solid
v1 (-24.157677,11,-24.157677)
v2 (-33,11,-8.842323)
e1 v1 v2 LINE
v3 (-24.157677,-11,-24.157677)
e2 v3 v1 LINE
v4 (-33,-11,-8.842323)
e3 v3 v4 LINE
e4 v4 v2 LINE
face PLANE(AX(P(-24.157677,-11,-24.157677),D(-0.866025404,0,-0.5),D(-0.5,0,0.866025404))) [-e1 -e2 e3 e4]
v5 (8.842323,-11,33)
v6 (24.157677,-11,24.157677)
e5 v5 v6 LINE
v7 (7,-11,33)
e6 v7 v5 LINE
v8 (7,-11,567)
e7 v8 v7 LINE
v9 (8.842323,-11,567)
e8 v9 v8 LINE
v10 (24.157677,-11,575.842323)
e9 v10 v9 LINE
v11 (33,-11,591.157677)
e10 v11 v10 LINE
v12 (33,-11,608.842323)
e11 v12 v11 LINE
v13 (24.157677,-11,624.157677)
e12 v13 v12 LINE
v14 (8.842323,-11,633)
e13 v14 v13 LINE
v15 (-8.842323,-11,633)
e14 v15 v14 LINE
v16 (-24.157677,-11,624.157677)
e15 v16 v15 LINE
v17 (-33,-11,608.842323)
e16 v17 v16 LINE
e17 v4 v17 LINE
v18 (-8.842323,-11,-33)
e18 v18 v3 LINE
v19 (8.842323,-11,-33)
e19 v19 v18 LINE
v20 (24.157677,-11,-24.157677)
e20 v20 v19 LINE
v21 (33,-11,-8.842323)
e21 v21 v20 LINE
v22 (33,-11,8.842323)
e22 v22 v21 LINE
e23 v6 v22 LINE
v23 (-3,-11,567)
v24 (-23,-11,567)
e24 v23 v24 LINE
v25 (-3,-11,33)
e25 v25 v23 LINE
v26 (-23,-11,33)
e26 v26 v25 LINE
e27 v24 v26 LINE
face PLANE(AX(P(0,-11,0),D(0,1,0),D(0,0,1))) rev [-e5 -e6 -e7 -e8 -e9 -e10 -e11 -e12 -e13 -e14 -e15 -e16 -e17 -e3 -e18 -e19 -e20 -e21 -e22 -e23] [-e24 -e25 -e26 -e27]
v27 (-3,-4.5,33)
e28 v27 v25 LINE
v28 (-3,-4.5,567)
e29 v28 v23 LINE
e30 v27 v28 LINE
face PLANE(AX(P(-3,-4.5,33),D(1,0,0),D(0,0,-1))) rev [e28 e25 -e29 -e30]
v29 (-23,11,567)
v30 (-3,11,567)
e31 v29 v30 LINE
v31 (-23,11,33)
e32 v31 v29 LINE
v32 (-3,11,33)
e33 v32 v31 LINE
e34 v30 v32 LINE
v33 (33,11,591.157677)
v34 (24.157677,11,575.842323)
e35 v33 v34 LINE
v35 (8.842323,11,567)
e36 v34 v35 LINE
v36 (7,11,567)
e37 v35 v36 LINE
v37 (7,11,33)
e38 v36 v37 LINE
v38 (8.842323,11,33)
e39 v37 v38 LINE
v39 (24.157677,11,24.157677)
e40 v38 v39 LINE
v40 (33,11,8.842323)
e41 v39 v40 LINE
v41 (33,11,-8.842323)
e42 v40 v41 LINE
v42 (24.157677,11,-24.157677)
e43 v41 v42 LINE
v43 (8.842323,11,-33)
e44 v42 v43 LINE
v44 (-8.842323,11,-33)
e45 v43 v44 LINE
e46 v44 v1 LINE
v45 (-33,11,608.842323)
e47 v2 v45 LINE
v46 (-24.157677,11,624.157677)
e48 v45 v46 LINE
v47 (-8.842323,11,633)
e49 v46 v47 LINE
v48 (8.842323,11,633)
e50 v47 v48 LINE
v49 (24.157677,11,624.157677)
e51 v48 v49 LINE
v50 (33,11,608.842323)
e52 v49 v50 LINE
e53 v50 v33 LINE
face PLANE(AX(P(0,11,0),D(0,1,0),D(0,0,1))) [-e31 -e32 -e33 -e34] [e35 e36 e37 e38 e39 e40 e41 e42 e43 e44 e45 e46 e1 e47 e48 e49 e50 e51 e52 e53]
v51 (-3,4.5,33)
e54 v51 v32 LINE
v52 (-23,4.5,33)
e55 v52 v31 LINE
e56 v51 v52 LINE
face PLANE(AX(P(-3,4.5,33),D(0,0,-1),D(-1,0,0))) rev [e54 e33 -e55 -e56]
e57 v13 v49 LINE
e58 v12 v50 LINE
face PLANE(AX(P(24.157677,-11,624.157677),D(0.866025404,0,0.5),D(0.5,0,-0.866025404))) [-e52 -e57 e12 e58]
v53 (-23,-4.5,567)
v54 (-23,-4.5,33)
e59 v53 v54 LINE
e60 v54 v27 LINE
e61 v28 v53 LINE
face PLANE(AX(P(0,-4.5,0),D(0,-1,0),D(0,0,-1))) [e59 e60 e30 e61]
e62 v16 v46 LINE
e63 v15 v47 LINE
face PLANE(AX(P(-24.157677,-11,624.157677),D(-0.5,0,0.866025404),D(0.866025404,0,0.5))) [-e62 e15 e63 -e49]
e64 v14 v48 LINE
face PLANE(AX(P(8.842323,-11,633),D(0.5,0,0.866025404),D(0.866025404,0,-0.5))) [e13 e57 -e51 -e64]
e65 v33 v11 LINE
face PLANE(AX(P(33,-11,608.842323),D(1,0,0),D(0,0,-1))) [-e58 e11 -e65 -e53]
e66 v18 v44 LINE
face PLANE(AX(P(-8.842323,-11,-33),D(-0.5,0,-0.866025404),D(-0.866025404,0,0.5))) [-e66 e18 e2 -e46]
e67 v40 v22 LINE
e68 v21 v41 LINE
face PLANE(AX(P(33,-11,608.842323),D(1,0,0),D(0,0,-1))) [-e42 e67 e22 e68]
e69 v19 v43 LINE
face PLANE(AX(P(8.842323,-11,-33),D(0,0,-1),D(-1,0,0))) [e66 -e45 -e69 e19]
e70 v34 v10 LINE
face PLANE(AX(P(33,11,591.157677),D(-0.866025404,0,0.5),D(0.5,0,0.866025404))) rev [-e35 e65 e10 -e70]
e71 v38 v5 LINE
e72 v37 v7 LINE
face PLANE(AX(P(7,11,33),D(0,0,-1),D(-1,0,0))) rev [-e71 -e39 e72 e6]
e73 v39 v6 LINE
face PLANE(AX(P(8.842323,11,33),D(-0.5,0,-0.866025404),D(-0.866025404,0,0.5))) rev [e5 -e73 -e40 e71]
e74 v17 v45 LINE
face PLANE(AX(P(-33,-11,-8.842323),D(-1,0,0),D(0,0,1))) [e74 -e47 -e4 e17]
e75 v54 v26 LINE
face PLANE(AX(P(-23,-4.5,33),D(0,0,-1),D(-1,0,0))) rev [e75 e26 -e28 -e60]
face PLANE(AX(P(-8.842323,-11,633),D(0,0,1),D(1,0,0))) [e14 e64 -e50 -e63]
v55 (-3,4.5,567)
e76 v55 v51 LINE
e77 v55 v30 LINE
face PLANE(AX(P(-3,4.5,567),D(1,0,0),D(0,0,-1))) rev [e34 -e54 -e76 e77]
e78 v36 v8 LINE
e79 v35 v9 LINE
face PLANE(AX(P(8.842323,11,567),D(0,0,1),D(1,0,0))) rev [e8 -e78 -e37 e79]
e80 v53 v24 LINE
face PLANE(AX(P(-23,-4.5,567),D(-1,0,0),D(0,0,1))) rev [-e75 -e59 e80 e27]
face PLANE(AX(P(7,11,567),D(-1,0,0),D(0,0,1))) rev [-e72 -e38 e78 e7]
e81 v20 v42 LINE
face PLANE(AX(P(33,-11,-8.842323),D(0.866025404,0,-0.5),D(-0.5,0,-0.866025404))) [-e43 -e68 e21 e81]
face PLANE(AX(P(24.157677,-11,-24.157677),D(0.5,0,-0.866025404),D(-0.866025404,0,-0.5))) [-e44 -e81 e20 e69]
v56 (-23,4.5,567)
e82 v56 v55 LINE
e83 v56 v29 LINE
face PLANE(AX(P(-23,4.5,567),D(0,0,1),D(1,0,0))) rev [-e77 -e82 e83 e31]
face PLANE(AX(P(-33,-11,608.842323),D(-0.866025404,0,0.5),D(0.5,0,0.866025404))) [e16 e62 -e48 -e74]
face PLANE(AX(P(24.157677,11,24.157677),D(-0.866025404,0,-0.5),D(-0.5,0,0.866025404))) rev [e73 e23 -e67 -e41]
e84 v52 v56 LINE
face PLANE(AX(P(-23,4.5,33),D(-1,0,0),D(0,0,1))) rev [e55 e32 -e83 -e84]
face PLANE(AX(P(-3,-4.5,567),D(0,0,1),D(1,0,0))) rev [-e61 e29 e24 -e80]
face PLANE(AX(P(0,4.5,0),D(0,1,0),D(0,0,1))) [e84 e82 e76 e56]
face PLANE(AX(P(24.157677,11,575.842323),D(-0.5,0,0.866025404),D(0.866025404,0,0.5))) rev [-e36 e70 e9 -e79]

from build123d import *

# Parameters (mm, degrees)
BOSS_EXTRUDE1_DEPTH = 22
CUT_EXTRUDE1_DEPTH  = 635.24127901
SKETCH3_W           = 20
SKETCH3_H           = 534
CUT_EXTRUDE2_DEPTH  = 6.5
SKETCH4_W           = 20
SKETCH4_H           = 534
CUT_EXTRUDE3_DEPTH  = 6.5


with BuildPart() as part:
    # Sketch1 → Boss-Extrude1 (new body)
    with BuildSketch(Plane(origin=(0, 11, 0), x_dir=(1, 0, 0), z_dir=(0, 1, 0))):
        Polygon((24.15767665, 24.15767665), (8.84232335, 33), (-8.84232335, 33), (-24.15767665, 24.15767665), (-33, 8.84232335), (-33, -608.84232335), (-24.15767665, -624.15767665), (-8.84232335, -633), (8.84232335, -633), (24.15767665, -624.15767665), (33, -608.84232335), (33, 8.84232335), align=None)
    extrude(amount=-BOSS_EXTRUDE1_DEPTH)

    # Sketch2 → Cut-Extrude1 (cut, through all)
    with BuildSketch(Plane.XZ.offset(11)):
        Polygon((33, 8.84232335), (33, 591.15767665), (24.15767665, 575.84232335), (8.84232335, 567), (7, 567), (7, 33), (8.84232335, 33), (24.15767665, 24.15767665), align=None)
    extrude(amount=-CUT_EXTRUDE1_DEPTH, mode=Mode.SUBTRACT)

    # Sketch3 → Cut-Extrude2 (cut)
    with BuildSketch(Plane.XZ.offset(11)):
        with Locations((-13, 300)):
            Rectangle(SKETCH3_W, SKETCH3_H)
    extrude(amount=-CUT_EXTRUDE2_DEPTH, mode=Mode.SUBTRACT)

    # Sketch4 → Cut-Extrude3 (cut)
    with BuildSketch(Plane(origin=(0, 11, 0), x_dir=(-1, 0, 0), z_dir=(0, 1, 0))):
        with Locations((13, 300)):
            Rectangle(SKETCH4_W, SKETCH4_H)
    extrude(amount=-CUT_EXTRUDE3_DEPTH, mode=Mode.SUBTRACT)


solid = part.part
